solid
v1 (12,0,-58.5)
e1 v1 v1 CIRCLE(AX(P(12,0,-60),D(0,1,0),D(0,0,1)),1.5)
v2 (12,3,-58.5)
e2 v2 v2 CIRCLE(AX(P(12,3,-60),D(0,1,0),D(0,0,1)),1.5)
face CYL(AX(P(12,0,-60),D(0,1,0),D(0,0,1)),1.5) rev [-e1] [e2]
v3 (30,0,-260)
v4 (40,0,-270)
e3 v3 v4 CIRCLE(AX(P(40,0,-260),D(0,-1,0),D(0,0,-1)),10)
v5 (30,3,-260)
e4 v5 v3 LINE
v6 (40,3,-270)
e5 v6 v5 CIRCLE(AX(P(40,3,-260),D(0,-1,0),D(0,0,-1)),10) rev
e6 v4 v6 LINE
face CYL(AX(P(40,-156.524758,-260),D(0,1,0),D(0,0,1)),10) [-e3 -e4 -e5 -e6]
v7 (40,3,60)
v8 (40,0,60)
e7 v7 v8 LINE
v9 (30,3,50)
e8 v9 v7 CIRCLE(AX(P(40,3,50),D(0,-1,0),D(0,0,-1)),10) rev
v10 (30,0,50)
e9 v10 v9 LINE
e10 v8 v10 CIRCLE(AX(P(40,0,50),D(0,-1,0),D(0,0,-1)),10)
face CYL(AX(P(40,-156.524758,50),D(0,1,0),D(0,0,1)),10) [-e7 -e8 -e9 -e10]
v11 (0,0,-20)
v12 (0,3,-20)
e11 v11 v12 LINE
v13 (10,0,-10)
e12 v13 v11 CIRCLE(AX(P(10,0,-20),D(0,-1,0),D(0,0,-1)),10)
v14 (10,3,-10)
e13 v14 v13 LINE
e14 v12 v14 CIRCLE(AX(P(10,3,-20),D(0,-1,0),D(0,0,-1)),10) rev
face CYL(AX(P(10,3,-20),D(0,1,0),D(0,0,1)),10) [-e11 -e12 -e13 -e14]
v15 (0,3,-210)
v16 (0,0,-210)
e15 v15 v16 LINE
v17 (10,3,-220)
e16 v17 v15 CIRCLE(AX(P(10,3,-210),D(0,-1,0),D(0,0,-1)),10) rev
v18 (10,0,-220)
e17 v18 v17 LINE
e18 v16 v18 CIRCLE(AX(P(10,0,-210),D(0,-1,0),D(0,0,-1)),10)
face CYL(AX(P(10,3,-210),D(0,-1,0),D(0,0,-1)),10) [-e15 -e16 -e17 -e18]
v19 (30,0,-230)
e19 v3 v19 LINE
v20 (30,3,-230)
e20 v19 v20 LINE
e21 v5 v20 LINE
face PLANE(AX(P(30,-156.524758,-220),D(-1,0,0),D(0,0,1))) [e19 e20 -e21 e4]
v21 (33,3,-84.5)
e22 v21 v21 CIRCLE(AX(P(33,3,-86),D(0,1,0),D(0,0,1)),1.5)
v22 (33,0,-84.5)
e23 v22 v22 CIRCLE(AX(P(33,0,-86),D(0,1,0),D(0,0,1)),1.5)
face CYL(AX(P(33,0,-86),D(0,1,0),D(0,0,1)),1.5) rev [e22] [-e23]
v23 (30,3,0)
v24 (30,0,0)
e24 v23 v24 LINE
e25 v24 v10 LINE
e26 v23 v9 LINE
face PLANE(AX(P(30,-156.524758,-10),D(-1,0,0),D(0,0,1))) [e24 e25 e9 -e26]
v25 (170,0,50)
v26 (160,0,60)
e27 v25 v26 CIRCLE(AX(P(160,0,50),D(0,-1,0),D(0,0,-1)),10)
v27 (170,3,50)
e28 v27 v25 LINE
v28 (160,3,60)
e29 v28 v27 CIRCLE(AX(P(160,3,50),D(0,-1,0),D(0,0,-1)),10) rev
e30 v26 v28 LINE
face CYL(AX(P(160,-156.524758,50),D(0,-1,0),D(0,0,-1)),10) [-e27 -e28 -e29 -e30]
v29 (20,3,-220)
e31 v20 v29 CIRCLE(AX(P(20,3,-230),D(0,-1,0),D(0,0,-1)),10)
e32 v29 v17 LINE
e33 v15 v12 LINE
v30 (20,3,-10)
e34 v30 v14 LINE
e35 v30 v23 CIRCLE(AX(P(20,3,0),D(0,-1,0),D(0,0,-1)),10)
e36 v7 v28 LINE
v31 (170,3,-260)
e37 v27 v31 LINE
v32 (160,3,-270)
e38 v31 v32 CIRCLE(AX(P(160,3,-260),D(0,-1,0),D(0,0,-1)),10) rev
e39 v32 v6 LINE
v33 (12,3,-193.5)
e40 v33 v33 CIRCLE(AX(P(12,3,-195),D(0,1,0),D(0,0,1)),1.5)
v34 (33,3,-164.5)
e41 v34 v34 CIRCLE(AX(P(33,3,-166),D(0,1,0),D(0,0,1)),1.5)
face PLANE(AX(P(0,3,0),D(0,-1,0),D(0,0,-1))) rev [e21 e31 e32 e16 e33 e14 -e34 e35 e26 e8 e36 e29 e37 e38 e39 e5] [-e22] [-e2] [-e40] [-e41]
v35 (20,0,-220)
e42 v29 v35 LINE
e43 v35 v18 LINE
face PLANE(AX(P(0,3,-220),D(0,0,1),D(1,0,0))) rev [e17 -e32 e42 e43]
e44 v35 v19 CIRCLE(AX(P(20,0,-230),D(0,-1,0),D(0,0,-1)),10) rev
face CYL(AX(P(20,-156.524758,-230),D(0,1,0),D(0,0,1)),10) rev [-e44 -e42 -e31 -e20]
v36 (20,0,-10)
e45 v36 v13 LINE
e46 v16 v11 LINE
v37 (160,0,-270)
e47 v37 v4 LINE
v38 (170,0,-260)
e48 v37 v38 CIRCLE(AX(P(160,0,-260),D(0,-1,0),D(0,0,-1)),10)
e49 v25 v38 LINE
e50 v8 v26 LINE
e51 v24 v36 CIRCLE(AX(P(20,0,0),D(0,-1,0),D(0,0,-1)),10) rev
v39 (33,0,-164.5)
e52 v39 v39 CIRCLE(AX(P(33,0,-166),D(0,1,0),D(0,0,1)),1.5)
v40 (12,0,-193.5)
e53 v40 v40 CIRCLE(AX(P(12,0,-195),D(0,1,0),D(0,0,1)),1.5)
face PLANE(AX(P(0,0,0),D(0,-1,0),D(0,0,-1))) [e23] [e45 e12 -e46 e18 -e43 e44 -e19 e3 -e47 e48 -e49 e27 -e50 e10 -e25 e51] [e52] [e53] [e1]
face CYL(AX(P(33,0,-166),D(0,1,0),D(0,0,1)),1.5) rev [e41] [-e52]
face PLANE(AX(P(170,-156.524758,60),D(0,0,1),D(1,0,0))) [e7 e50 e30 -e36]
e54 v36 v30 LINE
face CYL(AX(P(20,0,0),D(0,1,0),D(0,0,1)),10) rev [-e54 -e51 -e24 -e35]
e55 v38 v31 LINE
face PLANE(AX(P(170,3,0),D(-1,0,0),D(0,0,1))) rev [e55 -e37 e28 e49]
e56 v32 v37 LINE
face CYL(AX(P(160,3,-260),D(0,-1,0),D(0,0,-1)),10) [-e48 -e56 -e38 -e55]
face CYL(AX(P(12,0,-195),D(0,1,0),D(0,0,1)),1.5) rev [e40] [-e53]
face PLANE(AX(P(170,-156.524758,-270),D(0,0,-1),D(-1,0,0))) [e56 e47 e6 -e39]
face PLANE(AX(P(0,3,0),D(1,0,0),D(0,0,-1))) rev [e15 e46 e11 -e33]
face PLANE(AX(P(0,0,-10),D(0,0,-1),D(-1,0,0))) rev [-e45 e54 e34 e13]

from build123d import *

# Parameters (mm, degrees)
SKETCH_1_W          = 170
SKETCH_1_H          = 220
EXTRUDE_1_DEPTH     = 3
SKETCH_3_R          = 1.5
CUT_EXTRUDE_1_DEPTH = 279.044960393
SKETCH_4_R          = 1.5
CUT_EXTRUDE_2_DEPTH = 279.044960393
SKETCH_5_W          = 170
SKETCH_5_H          = 10
CUT_EXTRUDE_3_DEPTH = 279.044960393
SKETCH_7_W          = 140
SKETCH_7_H          = 50
SKETCH_7_H_2        = 70
EXTRUDE_2_DEPTH     = 3
FILLET_1_R          = 10


with BuildPart() as part:
    # 草图1 → 凸台-拉伸1 (new body)
    with BuildSketch(Plane(origin=(0, 0, 0), x_dir=(1, 0, 0), z_dir=(0, 1, 0))):
        with Locations((85, 110)):
            Rectangle(SKETCH_1_W, SKETCH_1_H)
    extrude(amount=EXTRUDE_1_DEPTH)

    # 草图3 → 切除-拉伸1 (cut, through all)
    with BuildSketch(Plane(origin=(0, 3, 0), x_dir=(1, 0, 0), z_dir=(0, 1, 0))):
        with Locations(Location((33, 86, 0), (0, 0, 270))):
            Circle(SKETCH_3_R)
        with Locations(Location((33, 166, 0), (0, 0, 270))):
            Circle(SKETCH_3_R)
    extrude(amount=-CUT_EXTRUDE_1_DEPTH, mode=Mode.SUBTRACT)

    # 草图4 → 切除-拉伸2 (cut, through all)
    with BuildSketch(Plane(origin=(0, 3, 0), x_dir=(1, 0, 0), z_dir=(0, 1, 0))):
        with Locations(Location((12, 195, 0), (0, 0, 270))):
            Circle(SKETCH_4_R)
        with Locations(Location((12, 60, 0), (0, 0, 270))):
            Circle(SKETCH_4_R)
    extrude(amount=-CUT_EXTRUDE_2_DEPTH, mode=Mode.SUBTRACT)

    # 草图5 → 切除-拉伸3 (cut, through all)
    with BuildSketch(Plane(origin=(0, 3, 0), x_dir=(1, 0, 0), z_dir=(0, 1, 0))):
        with Locations((85, 5)):
            Rectangle(SKETCH_5_W, SKETCH_5_H)
    extrude(amount=-CUT_EXTRUDE_3_DEPTH, mode=Mode.SUBTRACT)

    # 草图7 → 凸台-拉伸2 (add)
    with BuildSketch(Plane(origin=(0, 3, 0), x_dir=(1, 0, 0), z_dir=(0, 1, 0))):
        with Locations((100, 245)):
            Rectangle(SKETCH_7_W, SKETCH_7_H)
        with Locations((100, -25)):
            Rectangle(SKETCH_7_W, SKETCH_7_H_2)
    extrude(amount=-EXTRUDE_2_DEPTH)

    # 圆角1
    fillet_1_edges = [part.edges().sort_by_distance(p)[0] for p in [
        (0, 1.5, -10),
        (30, 1.5, -270),
        (30, 1.5, -220),
        (170, 1.5, -270),
        (30, 1.5, -10),
        (30, 1.5, 60),
        (170, 1.5, 60),
        (0, 1.5, -220),
    ]]
    fillet(fillet_1_edges, radius=FILLET_1_R)


solid = part.part
